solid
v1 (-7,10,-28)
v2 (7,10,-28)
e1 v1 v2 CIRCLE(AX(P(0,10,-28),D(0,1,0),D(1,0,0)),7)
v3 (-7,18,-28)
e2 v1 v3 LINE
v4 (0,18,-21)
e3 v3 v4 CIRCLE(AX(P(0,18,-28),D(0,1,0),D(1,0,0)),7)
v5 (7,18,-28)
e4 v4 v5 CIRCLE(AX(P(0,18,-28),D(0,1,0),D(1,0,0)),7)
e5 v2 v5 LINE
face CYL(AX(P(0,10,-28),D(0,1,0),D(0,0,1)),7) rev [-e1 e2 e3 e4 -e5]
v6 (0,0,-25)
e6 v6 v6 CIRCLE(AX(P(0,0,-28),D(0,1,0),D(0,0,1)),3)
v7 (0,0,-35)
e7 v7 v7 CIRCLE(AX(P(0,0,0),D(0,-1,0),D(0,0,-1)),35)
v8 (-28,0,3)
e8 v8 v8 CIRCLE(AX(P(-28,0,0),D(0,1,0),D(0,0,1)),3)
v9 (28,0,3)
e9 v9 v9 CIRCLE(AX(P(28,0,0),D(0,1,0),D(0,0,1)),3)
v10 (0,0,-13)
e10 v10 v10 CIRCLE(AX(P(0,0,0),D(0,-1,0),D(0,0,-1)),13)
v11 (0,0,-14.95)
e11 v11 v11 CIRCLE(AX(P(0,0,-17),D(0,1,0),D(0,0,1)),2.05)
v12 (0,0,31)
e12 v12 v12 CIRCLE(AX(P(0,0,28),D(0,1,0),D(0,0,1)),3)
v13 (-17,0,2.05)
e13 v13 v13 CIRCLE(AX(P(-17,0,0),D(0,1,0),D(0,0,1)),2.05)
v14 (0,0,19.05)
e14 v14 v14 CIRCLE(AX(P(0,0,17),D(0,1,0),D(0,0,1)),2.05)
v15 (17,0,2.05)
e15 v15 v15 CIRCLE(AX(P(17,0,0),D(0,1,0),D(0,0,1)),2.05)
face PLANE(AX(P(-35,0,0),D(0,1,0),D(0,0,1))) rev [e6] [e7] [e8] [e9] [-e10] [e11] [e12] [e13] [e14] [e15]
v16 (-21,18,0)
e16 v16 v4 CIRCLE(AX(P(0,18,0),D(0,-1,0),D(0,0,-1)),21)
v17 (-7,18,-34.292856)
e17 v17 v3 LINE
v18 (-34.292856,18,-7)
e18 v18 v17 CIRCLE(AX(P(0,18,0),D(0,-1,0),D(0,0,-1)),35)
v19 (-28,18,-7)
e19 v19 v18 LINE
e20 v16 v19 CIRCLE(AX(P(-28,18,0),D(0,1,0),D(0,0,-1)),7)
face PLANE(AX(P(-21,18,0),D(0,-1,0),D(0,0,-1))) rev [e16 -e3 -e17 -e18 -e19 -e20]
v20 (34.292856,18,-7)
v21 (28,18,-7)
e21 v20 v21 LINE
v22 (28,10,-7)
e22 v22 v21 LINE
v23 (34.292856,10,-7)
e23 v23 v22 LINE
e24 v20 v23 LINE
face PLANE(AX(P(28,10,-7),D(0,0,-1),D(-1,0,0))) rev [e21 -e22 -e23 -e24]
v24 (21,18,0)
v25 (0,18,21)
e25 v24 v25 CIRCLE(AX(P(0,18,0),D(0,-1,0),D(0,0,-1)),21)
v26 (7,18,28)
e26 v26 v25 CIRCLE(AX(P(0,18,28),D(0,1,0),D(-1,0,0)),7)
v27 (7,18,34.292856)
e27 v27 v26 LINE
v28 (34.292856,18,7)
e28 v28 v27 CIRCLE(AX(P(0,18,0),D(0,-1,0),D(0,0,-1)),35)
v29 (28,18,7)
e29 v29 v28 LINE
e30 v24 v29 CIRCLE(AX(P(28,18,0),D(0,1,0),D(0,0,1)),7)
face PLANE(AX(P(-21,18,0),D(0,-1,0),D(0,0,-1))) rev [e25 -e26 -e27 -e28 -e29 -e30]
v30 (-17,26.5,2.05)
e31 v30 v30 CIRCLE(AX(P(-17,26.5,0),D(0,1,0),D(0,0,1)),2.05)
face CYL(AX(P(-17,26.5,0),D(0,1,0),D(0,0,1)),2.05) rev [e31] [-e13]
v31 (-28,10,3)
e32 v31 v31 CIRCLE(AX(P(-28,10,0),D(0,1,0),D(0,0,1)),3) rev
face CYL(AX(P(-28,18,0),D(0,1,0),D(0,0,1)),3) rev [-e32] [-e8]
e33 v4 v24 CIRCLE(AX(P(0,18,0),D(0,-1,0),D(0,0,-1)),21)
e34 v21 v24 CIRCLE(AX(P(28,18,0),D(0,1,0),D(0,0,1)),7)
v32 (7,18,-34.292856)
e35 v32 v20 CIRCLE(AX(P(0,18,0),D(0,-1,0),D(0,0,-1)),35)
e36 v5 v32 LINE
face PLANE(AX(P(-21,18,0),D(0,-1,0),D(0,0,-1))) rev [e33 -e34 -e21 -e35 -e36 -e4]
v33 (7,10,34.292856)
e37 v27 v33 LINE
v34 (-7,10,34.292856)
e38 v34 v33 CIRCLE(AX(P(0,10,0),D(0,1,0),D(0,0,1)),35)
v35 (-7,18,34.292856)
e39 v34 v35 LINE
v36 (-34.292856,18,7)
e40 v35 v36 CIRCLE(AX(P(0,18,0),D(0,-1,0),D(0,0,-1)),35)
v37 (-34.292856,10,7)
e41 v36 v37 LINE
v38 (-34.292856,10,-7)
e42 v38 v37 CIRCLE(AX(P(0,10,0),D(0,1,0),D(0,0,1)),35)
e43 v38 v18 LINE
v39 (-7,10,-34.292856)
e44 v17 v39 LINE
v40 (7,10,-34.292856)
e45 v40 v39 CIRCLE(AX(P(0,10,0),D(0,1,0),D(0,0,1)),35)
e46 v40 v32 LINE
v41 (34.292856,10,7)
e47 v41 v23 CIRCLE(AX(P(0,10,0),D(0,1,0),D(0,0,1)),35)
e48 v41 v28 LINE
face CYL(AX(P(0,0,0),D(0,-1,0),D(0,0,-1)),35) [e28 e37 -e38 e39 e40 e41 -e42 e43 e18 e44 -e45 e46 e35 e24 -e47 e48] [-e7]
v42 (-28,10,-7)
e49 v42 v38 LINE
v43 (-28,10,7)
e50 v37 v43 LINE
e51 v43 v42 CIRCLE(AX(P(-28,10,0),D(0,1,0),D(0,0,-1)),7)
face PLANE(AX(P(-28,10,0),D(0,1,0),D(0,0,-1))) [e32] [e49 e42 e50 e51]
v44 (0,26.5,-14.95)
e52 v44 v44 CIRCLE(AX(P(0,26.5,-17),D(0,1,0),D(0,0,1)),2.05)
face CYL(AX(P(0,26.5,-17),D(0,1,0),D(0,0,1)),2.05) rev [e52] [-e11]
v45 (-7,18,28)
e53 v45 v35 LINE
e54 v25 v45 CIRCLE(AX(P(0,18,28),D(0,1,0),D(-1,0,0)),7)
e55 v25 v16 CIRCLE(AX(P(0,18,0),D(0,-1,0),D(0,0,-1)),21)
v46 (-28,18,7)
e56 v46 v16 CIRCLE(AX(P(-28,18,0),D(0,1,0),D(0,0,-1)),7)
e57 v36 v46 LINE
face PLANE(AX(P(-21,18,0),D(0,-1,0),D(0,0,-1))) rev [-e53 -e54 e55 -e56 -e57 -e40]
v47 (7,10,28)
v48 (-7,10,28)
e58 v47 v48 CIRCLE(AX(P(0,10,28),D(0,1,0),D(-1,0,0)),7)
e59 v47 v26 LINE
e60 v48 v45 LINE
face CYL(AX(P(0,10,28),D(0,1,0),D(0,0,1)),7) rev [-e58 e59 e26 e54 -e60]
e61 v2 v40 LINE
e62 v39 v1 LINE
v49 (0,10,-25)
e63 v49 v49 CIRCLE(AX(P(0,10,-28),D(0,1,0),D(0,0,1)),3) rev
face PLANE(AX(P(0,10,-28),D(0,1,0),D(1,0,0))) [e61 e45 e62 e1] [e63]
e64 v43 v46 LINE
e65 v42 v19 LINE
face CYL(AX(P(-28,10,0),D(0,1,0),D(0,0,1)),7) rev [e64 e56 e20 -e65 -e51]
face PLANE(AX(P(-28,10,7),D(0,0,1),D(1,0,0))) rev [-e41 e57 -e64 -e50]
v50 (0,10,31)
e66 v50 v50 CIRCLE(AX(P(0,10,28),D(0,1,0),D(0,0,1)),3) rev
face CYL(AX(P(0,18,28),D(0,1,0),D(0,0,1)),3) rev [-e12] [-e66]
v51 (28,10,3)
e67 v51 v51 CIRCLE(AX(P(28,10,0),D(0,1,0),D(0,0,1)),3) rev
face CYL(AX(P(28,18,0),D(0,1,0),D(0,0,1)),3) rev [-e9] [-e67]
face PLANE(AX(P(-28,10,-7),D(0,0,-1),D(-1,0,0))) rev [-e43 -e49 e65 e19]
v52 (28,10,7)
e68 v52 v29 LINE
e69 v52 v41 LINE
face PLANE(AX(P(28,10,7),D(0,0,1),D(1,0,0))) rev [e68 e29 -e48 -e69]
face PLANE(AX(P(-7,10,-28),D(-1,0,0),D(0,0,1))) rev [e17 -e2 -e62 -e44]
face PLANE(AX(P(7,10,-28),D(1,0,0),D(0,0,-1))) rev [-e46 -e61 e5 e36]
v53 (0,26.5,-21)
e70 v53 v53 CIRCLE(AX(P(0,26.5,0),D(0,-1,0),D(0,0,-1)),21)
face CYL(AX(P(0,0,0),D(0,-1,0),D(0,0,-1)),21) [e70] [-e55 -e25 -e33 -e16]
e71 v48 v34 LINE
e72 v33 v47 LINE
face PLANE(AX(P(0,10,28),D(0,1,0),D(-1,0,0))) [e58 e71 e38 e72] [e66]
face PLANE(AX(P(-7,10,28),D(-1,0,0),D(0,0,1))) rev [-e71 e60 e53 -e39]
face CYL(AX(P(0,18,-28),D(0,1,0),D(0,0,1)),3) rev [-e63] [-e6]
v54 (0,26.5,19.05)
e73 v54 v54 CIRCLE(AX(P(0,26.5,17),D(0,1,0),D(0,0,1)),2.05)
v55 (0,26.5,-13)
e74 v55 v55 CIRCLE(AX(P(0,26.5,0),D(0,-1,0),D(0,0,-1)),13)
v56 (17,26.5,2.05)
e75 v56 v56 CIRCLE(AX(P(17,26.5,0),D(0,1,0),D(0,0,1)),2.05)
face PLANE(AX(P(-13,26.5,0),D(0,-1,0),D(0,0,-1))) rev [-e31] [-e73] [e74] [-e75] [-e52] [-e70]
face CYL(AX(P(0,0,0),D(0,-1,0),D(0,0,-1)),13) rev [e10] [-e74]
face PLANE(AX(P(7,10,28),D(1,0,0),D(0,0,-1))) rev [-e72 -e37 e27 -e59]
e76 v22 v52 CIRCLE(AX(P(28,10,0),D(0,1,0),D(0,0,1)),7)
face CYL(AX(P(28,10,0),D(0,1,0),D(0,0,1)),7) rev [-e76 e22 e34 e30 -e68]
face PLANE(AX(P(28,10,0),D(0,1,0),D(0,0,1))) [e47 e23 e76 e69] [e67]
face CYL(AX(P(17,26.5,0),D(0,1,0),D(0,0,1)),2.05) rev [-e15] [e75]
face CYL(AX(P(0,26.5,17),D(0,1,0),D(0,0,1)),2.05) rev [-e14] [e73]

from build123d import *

# Parameters (mm, degrees)
HOLE_WIZARD_4_1_4_1_1_D     = 4.1
HOLE_WIZARD_4_1_4_1_1_DEPTH = 26.501
HOLE_WIZARD_6_0_6_1_D       = 6
HOLE_WIZARD_6_0_6_1_DEPTH   = 18.001
CUT_EXTRUDE_1_DEPTH         = 8
PATTERN_CIRCULAR_1_COUNT    = 4


with BuildPart() as part:
    # Эскиз1 → Повернуть1 (revolve)
    with BuildSketch(Plane.XY):
        Polygon((-13, 0), (-13, 26.5), (-21, 26.5), (-21, 18), (-35, 18), (-35, 0), align=None)
    revolve(axis=Axis((0, 0, 0), (0, 1, 0)))

    # Диаметр отверстия Ø4.1 (4.1)1
    with Locations(Plane(origin=(0, 26.5, 0), x_dir=(1, 0, 0), z_dir=(0, 1, 0))):
        with Locations((17, 0)):
            hole_wizard_4_1_4_1_1 = Hole(HOLE_WIZARD_4_1_4_1_1_D / 2, depth=HOLE_WIZARD_4_1_4_1_1_DEPTH)

    # Диаметр отверстия Ø6.0 (6)1
    with Locations(Plane(origin=(0, 18, 0), x_dir=(1, 0, 0), z_dir=(0, 1, 0))):
        with Locations((28, 0)):
            hole_wizard_6_0_6_1 = Hole(HOLE_WIZARD_6_0_6_1_D / 2, depth=HOLE_WIZARD_6_0_6_1_DEPTH)

    # Эскиз4 → Вырез-Вытянуть1 (cut)
    with BuildSketch(Plane(origin=(0, 18, 0), x_dir=(1, 0, 0), z_dir=(0, 1, 0))):
        with BuildLine():
            Line((28, 7), (48, 7))
            Line((48, 7), (48, -7))
            Line((48, -7), (28, -7))
            ThreePointArc((28, -7), (21, 0), (28, 7))
        make_face()
    cut_extrude_1 = extrude(amount=-CUT_EXTRUDE_1_DEPTH, mode=Mode.SUBTRACT)

    # Круговой массив1: Диаметр отверстия Ø4.1 (4.1)1, Диаметр отверстия Ø6.0 (6)1, Вырез-Вытянуть1 ×4 about axis
    pattern_circular_1_axis = Axis((0, 0, 0), (0, 1, 0))
    for i in range(1, PATTERN_CIRCULAR_1_COUNT):
        add(hole_wizard_4_1_4_1_1.rotate(pattern_circular_1_axis, i * 360 / PATTERN_CIRCULAR_1_COUNT), mode=Mode.SUBTRACT)
        add(hole_wizard_6_0_6_1.rotate(pattern_circular_1_axis, i * 360 / PATTERN_CIRCULAR_1_COUNT), mode=Mode.SUBTRACT)
        add(cut_extrude_1.rotate(pattern_circular_1_axis, i * 360 / PATTERN_CIRCULAR_1_COUNT), mode=Mode.SUBTRACT)


solid = part.part
